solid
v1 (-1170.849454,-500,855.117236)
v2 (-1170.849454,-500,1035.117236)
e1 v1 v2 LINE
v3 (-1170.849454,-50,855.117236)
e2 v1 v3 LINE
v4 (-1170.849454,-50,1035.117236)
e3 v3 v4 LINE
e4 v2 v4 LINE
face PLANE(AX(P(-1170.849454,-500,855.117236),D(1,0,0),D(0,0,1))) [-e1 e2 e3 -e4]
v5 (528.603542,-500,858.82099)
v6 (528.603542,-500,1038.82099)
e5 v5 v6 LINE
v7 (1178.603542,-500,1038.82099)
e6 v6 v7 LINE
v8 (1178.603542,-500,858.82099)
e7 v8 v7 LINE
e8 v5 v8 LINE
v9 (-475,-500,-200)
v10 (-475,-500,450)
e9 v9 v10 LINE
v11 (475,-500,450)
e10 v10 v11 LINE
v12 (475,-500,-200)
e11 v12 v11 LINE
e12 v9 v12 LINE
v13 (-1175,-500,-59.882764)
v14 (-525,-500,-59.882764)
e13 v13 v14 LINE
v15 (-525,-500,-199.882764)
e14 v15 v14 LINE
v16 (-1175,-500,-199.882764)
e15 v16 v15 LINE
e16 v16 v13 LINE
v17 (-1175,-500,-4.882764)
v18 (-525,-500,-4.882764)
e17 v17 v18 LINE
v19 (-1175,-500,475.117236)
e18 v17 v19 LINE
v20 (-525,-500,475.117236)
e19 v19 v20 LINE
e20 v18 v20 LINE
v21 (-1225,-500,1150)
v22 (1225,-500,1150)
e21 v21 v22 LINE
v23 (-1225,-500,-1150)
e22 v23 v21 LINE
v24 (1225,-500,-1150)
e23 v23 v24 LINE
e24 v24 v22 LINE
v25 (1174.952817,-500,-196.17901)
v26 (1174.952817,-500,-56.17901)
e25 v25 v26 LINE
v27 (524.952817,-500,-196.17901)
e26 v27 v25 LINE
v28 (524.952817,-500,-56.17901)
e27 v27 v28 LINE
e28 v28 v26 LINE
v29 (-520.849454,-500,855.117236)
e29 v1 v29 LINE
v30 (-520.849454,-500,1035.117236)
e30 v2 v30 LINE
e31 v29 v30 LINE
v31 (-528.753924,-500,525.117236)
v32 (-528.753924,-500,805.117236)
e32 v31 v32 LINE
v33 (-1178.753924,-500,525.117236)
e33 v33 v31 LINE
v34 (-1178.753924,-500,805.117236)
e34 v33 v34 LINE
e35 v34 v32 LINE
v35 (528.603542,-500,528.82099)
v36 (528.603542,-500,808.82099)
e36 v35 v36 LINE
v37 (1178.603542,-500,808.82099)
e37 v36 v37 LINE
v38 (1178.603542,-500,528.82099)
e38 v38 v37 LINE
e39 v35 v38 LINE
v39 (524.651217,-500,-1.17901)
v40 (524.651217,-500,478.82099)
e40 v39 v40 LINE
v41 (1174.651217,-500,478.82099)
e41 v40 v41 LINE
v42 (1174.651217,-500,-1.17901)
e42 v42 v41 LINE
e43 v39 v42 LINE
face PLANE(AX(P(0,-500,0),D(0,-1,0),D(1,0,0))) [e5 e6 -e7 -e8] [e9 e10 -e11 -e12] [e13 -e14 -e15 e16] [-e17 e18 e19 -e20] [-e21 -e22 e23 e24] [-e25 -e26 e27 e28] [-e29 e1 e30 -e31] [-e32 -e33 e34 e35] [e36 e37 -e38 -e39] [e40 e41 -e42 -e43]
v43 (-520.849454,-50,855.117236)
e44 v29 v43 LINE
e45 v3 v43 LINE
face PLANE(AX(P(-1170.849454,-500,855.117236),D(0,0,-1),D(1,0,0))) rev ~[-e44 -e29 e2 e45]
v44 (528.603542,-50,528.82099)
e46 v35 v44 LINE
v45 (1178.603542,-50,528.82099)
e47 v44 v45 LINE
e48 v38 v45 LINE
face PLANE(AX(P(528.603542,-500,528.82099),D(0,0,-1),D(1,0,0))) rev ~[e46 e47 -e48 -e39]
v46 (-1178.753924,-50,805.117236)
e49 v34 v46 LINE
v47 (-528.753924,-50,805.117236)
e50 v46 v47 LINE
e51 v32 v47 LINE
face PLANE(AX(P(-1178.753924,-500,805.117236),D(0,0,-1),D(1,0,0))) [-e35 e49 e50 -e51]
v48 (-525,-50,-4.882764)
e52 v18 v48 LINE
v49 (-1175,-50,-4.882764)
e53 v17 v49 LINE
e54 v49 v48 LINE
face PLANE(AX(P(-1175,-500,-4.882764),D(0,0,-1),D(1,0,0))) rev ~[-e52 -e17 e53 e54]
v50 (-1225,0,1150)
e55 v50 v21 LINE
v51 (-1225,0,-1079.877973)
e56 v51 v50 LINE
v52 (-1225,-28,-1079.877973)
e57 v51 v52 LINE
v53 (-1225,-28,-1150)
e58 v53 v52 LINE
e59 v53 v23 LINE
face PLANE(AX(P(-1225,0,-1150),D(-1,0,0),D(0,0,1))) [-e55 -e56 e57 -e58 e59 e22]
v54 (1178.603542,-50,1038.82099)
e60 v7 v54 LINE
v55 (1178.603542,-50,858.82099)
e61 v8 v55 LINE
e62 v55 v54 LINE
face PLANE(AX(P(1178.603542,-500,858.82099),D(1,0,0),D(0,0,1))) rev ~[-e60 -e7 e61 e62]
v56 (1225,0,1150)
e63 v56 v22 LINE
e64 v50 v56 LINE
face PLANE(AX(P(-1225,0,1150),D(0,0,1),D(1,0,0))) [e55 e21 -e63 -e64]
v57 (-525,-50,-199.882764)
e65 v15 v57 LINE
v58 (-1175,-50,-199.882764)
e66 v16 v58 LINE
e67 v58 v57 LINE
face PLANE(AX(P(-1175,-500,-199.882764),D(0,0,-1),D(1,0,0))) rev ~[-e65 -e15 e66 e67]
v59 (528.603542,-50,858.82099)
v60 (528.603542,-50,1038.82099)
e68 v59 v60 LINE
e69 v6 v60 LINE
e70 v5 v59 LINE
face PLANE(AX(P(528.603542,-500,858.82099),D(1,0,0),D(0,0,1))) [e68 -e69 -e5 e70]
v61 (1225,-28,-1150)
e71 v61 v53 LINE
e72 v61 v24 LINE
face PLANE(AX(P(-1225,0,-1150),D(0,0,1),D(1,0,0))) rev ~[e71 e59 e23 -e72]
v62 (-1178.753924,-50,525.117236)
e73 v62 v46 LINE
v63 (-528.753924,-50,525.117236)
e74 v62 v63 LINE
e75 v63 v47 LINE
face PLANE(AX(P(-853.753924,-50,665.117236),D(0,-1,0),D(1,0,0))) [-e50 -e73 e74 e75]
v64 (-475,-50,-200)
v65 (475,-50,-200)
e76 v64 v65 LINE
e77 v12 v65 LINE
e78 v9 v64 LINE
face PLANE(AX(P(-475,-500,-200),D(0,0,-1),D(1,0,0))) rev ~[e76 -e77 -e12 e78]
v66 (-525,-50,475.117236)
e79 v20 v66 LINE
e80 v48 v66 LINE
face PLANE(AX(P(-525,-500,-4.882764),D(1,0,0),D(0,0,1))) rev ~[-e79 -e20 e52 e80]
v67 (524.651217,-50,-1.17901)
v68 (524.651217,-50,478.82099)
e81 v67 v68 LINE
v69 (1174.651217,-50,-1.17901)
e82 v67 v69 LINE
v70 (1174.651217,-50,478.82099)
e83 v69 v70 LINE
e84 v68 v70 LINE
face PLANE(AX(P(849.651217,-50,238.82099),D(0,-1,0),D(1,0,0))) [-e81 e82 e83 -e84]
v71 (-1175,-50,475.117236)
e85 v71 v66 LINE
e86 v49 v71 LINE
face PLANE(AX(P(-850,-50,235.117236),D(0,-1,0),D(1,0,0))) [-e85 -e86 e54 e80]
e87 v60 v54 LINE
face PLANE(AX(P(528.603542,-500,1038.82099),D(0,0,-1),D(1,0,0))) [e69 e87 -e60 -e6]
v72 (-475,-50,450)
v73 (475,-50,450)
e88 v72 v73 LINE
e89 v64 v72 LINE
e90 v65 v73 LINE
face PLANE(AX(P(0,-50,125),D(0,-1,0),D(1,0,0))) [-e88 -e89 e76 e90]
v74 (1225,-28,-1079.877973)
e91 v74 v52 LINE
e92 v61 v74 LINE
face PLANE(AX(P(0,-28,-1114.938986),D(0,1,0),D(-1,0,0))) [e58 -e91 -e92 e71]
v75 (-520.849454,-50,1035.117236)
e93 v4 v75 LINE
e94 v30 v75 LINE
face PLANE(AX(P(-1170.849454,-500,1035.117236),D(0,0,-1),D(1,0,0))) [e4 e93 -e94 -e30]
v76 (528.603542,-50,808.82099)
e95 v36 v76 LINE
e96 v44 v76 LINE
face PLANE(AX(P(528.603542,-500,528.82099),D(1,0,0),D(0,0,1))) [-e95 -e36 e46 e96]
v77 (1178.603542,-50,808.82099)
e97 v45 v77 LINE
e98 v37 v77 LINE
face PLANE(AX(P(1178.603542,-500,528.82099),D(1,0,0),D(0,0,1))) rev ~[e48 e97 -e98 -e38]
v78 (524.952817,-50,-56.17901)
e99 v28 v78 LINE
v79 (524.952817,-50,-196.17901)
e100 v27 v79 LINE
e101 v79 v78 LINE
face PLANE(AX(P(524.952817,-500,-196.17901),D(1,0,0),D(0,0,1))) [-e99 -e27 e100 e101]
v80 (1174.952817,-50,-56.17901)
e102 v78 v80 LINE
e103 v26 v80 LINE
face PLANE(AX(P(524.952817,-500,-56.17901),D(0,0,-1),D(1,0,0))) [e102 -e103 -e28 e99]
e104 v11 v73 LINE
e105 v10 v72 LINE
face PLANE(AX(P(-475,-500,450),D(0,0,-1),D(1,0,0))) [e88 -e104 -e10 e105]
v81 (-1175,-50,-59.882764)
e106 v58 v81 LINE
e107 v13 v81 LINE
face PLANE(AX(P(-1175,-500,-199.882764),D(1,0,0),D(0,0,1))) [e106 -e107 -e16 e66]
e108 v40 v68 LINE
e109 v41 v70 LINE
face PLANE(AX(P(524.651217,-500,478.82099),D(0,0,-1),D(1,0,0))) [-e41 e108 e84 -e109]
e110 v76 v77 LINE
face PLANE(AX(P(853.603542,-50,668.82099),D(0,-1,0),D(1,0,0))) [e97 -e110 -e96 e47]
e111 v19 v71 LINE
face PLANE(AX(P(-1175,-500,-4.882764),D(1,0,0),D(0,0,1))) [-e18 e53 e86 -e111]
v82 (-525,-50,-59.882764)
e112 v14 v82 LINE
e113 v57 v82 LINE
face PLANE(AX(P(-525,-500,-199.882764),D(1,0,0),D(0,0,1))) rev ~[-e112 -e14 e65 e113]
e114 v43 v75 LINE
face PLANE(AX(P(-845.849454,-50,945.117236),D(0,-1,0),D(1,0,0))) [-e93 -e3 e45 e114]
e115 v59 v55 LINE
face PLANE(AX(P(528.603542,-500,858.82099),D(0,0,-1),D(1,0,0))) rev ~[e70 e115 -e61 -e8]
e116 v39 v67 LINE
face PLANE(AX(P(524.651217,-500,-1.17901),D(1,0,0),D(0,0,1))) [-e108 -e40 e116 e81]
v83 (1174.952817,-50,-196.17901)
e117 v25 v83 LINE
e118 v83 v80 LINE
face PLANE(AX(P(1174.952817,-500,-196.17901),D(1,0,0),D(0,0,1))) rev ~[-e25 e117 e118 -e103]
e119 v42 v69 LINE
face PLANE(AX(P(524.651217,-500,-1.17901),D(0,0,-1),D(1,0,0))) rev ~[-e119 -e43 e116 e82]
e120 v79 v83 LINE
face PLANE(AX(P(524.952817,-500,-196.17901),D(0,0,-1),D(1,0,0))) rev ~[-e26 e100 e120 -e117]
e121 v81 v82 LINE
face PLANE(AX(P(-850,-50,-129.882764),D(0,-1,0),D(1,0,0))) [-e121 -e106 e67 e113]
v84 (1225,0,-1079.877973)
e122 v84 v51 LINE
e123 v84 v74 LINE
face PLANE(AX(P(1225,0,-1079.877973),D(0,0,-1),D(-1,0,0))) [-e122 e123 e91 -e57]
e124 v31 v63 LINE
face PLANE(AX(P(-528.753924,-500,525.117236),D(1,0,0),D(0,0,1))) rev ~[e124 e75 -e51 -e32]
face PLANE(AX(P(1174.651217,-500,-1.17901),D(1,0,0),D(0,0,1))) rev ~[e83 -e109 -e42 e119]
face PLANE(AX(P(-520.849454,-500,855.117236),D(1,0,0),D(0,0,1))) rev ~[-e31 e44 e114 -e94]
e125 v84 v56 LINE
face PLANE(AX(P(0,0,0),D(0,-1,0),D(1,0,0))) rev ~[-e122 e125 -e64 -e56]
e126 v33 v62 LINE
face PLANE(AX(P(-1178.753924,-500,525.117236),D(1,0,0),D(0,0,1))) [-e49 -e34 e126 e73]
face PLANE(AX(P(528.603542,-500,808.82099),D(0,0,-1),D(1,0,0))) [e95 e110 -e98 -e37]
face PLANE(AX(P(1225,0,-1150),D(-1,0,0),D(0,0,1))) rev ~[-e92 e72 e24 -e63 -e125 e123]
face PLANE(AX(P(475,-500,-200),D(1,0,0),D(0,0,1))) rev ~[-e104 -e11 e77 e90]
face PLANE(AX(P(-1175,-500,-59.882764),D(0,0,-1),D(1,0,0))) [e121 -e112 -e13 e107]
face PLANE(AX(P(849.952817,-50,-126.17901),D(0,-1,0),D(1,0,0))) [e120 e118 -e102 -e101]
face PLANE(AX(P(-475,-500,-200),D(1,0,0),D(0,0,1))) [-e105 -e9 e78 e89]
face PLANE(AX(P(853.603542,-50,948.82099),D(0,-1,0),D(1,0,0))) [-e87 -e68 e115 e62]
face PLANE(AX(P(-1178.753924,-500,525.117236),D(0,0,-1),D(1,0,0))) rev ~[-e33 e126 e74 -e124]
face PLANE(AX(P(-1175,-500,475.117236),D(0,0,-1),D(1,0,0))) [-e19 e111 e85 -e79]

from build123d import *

# Parameters (mm, degrees)
F0_W     = 2450
F0_H     = 2300
F1_DEPTH = 500
F2_W     = 2450
F2_H     = 70.1220273972
F3_DEPTH = 28
F4_W     = 950
F4_H     = 650
F5_DEPTH = 450
F6_W     = 650
F6_H     = 180
F6_H_2   = 280
F6_H_3   = 480
F6_H_4   = 140
F7_DEPTH = 450


with BuildPart() as f1:
    # F0 (on Front) → F1 (new body)
    with BuildSketch(Plane.XZ):
        Rectangle(F0_W, F0_H)
    extrude(amount=F1_DEPTH)

    # F2 (on face) → F3 (cut)
    with BuildSketch(Plane(origin=(0, 0, 0), x_dir=(-1, 0, 0), z_dir=(0, 1, 0))):
        with Locations((0, -1114.9389863014)):
            Rectangle(F2_W, F2_H)
    extrude(amount=-F3_DEPTH, mode=Mode.SUBTRACT)

    # F4 (on face) → F5 (cut)
    with BuildSketch(Plane.XZ.offset(500)):
        with Locations((0, 125)):
            Rectangle(F4_W, F4_H)
    extrude(amount=-F5_DEPTH, mode=Mode.SUBTRACT)

    # F6 (on face) → F7 (cut)
    with BuildSketch(Plane.XZ.offset(500)):
        with Locations((-845.8494544029, 945.1172356308)):
            Rectangle(F6_W, F6_H)
        with Locations((-853.7539243698, 665.1172356308)):
            Rectangle(F6_W, F6_H_2)
        with Locations((-850, 235.1172356308)):
            Rectangle(F6_W, F6_H_3)
        with Locations((849.6512174606, 238.820990324)):
            Rectangle(F6_W, F6_H_3)
        with Locations((853.603541851, 668.820990324)):
            Rectangle(F6_W, F6_H_2)
        with Locations((853.603541851, 948.820990324)):
            Rectangle(F6_W, F6_H)
        with Locations((-850, -129.8827643692)):
            Rectangle(F6_W, F6_H_4)
        with Locations((849.9528169632, -126.179009676)):
            Rectangle(F6_W, F6_H_4)
    extrude(amount=-F7_DEPTH, mode=Mode.SUBTRACT)


solid = f1.part
